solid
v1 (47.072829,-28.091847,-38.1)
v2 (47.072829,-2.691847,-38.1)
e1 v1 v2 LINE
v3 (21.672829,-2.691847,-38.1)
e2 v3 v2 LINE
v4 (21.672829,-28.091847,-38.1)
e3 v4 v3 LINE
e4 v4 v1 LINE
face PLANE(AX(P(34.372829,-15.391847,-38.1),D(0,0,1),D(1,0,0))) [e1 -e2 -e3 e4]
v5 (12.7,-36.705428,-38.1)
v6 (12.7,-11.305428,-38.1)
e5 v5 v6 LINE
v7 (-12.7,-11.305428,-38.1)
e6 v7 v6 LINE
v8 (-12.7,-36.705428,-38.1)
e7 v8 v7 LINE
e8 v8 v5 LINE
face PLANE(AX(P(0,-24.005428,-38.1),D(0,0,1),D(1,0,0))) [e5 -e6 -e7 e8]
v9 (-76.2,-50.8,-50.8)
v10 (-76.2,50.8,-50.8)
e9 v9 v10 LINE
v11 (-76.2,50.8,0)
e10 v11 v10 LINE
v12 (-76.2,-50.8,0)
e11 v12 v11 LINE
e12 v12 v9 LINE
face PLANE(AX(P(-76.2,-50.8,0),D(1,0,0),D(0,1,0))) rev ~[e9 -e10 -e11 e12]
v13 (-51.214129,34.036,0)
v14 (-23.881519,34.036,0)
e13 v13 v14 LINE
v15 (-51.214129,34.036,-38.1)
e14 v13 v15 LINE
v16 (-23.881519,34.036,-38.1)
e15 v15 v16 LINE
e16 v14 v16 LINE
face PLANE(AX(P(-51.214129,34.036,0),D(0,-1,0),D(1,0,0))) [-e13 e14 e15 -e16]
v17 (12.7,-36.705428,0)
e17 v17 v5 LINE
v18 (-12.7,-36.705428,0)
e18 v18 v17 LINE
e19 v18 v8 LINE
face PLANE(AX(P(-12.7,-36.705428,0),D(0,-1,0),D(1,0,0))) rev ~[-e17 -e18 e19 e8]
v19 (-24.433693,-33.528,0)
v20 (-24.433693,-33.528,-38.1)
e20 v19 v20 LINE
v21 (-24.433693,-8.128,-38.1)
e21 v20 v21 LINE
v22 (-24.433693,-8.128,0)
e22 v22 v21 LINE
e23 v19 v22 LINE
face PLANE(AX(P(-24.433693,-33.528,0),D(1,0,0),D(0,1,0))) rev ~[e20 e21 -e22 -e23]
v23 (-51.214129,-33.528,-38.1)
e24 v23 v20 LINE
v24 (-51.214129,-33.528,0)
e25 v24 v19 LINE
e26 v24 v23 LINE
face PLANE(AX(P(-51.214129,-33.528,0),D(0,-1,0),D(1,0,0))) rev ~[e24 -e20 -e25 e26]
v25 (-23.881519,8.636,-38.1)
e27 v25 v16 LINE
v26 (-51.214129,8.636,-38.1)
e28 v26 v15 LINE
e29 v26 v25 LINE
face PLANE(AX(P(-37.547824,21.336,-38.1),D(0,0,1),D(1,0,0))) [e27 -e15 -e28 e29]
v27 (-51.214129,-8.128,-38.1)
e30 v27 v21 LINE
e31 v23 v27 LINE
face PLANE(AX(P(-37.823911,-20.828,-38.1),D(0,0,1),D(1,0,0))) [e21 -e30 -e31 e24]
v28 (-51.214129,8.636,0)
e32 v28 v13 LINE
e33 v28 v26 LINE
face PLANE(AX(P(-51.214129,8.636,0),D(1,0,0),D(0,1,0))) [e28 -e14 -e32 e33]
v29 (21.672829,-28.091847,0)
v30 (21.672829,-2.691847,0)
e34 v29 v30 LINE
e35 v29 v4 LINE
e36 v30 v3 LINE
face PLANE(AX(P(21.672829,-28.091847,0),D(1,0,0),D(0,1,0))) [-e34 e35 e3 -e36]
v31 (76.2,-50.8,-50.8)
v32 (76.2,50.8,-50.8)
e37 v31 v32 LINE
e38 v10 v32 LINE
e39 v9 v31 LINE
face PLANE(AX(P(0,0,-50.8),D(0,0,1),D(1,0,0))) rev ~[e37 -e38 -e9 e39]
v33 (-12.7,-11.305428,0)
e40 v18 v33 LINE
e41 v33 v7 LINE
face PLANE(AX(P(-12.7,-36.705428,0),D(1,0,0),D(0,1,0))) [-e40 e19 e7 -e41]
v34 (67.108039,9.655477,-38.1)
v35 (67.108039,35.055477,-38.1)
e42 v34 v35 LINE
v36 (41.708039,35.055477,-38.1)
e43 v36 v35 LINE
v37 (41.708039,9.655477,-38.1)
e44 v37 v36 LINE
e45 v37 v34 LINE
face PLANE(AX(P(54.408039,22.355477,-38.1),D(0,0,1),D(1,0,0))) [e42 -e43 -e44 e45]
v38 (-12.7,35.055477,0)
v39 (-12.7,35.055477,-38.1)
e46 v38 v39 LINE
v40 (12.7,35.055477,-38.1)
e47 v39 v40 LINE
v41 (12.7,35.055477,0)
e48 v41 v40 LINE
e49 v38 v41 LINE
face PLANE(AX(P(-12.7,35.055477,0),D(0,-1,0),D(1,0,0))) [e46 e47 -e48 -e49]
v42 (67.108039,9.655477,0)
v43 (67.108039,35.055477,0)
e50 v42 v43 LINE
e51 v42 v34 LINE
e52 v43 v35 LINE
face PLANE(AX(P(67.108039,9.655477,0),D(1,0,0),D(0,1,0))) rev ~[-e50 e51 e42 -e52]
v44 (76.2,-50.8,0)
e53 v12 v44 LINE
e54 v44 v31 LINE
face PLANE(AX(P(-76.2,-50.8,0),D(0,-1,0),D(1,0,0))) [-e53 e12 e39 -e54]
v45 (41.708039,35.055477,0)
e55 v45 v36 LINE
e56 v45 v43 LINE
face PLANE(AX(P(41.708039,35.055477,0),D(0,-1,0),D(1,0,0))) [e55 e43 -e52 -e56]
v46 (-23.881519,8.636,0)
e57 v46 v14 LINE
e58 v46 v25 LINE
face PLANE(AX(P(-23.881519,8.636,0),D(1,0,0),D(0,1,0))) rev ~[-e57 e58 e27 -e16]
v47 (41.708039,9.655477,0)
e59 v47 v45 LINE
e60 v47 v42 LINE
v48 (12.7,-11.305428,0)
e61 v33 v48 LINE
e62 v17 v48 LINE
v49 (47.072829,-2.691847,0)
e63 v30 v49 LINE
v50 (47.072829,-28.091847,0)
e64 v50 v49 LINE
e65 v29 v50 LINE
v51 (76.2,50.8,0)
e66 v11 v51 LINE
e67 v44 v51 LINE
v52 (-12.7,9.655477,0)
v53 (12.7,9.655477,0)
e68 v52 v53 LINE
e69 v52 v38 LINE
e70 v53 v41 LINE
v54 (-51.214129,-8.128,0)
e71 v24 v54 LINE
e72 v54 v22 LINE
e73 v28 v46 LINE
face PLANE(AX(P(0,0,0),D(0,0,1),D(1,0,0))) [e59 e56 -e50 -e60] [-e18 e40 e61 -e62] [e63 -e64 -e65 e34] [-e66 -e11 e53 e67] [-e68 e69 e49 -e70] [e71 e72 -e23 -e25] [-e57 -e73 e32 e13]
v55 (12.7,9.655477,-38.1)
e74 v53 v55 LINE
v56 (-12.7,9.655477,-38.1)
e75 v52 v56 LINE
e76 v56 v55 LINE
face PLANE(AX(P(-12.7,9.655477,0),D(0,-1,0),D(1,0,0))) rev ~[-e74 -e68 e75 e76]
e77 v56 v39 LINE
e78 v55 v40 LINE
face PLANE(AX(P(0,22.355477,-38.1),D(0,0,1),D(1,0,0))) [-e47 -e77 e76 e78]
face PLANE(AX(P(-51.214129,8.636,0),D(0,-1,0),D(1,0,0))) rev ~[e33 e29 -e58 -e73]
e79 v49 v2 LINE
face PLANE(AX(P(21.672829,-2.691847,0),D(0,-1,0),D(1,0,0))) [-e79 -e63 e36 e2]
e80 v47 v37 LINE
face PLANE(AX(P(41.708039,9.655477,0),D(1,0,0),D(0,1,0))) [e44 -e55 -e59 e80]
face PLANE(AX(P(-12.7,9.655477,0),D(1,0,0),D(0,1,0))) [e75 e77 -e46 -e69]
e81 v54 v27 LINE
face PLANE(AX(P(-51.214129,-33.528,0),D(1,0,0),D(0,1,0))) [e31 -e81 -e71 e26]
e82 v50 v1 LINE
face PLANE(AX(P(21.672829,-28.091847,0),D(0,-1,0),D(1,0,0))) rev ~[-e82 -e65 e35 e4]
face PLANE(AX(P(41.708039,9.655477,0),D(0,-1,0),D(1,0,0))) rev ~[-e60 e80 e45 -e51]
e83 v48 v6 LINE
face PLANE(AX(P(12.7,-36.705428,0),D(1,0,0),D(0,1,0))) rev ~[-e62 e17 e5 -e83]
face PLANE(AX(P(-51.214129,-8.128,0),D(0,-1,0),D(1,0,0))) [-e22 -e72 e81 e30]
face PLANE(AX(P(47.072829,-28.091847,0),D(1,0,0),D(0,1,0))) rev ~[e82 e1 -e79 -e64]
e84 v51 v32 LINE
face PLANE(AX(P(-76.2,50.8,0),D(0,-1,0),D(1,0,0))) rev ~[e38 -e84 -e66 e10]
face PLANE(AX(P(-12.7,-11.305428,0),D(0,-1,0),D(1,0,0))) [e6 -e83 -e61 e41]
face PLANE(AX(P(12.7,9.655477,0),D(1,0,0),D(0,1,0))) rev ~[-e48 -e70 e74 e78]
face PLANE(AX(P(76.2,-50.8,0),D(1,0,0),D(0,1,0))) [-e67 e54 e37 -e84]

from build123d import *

# Parameters (mm, degrees)
F0_W     = 152.4
F0_H     = 101.6
F1_DEPTH = 50.8
F2_W     = 27.33261
F2_H     = 25.4
F2_W_2   = 25.4
F2_W_3   = 26.780436
F3_DEPTH = 38.1


with BuildPart() as f1:
    # F0 (on Top) → F1 (new body)
    with BuildSketch(Plane.XY):
        Rectangle(F0_W, F0_H)
    extrude(amount=-F1_DEPTH)

    # F2 (on Top) → F3 (cut)
    with BuildSketch(Plane.XY):
        with Locations((-37.547824, 21.336)):
            Rectangle(F2_W, F2_H)
        with Locations((0, 22.355477)):
            Rectangle(F2_W_2, F2_H)
        with Locations((54.408039, 22.355477)):
            Rectangle(F2_W_2, F2_H)
        with Locations((0, -24.005428)):
            Rectangle(F2_W_2, F2_H)
        with Locations((-37.823911, -20.828)):
            Rectangle(F2_W_3, F2_H)
        with Locations((34.372829, -15.391847)):
            Rectangle(F2_W_2, F2_H)
    extrude(amount=-F3_DEPTH, mode=Mode.SUBTRACT)


solid = f1.part
